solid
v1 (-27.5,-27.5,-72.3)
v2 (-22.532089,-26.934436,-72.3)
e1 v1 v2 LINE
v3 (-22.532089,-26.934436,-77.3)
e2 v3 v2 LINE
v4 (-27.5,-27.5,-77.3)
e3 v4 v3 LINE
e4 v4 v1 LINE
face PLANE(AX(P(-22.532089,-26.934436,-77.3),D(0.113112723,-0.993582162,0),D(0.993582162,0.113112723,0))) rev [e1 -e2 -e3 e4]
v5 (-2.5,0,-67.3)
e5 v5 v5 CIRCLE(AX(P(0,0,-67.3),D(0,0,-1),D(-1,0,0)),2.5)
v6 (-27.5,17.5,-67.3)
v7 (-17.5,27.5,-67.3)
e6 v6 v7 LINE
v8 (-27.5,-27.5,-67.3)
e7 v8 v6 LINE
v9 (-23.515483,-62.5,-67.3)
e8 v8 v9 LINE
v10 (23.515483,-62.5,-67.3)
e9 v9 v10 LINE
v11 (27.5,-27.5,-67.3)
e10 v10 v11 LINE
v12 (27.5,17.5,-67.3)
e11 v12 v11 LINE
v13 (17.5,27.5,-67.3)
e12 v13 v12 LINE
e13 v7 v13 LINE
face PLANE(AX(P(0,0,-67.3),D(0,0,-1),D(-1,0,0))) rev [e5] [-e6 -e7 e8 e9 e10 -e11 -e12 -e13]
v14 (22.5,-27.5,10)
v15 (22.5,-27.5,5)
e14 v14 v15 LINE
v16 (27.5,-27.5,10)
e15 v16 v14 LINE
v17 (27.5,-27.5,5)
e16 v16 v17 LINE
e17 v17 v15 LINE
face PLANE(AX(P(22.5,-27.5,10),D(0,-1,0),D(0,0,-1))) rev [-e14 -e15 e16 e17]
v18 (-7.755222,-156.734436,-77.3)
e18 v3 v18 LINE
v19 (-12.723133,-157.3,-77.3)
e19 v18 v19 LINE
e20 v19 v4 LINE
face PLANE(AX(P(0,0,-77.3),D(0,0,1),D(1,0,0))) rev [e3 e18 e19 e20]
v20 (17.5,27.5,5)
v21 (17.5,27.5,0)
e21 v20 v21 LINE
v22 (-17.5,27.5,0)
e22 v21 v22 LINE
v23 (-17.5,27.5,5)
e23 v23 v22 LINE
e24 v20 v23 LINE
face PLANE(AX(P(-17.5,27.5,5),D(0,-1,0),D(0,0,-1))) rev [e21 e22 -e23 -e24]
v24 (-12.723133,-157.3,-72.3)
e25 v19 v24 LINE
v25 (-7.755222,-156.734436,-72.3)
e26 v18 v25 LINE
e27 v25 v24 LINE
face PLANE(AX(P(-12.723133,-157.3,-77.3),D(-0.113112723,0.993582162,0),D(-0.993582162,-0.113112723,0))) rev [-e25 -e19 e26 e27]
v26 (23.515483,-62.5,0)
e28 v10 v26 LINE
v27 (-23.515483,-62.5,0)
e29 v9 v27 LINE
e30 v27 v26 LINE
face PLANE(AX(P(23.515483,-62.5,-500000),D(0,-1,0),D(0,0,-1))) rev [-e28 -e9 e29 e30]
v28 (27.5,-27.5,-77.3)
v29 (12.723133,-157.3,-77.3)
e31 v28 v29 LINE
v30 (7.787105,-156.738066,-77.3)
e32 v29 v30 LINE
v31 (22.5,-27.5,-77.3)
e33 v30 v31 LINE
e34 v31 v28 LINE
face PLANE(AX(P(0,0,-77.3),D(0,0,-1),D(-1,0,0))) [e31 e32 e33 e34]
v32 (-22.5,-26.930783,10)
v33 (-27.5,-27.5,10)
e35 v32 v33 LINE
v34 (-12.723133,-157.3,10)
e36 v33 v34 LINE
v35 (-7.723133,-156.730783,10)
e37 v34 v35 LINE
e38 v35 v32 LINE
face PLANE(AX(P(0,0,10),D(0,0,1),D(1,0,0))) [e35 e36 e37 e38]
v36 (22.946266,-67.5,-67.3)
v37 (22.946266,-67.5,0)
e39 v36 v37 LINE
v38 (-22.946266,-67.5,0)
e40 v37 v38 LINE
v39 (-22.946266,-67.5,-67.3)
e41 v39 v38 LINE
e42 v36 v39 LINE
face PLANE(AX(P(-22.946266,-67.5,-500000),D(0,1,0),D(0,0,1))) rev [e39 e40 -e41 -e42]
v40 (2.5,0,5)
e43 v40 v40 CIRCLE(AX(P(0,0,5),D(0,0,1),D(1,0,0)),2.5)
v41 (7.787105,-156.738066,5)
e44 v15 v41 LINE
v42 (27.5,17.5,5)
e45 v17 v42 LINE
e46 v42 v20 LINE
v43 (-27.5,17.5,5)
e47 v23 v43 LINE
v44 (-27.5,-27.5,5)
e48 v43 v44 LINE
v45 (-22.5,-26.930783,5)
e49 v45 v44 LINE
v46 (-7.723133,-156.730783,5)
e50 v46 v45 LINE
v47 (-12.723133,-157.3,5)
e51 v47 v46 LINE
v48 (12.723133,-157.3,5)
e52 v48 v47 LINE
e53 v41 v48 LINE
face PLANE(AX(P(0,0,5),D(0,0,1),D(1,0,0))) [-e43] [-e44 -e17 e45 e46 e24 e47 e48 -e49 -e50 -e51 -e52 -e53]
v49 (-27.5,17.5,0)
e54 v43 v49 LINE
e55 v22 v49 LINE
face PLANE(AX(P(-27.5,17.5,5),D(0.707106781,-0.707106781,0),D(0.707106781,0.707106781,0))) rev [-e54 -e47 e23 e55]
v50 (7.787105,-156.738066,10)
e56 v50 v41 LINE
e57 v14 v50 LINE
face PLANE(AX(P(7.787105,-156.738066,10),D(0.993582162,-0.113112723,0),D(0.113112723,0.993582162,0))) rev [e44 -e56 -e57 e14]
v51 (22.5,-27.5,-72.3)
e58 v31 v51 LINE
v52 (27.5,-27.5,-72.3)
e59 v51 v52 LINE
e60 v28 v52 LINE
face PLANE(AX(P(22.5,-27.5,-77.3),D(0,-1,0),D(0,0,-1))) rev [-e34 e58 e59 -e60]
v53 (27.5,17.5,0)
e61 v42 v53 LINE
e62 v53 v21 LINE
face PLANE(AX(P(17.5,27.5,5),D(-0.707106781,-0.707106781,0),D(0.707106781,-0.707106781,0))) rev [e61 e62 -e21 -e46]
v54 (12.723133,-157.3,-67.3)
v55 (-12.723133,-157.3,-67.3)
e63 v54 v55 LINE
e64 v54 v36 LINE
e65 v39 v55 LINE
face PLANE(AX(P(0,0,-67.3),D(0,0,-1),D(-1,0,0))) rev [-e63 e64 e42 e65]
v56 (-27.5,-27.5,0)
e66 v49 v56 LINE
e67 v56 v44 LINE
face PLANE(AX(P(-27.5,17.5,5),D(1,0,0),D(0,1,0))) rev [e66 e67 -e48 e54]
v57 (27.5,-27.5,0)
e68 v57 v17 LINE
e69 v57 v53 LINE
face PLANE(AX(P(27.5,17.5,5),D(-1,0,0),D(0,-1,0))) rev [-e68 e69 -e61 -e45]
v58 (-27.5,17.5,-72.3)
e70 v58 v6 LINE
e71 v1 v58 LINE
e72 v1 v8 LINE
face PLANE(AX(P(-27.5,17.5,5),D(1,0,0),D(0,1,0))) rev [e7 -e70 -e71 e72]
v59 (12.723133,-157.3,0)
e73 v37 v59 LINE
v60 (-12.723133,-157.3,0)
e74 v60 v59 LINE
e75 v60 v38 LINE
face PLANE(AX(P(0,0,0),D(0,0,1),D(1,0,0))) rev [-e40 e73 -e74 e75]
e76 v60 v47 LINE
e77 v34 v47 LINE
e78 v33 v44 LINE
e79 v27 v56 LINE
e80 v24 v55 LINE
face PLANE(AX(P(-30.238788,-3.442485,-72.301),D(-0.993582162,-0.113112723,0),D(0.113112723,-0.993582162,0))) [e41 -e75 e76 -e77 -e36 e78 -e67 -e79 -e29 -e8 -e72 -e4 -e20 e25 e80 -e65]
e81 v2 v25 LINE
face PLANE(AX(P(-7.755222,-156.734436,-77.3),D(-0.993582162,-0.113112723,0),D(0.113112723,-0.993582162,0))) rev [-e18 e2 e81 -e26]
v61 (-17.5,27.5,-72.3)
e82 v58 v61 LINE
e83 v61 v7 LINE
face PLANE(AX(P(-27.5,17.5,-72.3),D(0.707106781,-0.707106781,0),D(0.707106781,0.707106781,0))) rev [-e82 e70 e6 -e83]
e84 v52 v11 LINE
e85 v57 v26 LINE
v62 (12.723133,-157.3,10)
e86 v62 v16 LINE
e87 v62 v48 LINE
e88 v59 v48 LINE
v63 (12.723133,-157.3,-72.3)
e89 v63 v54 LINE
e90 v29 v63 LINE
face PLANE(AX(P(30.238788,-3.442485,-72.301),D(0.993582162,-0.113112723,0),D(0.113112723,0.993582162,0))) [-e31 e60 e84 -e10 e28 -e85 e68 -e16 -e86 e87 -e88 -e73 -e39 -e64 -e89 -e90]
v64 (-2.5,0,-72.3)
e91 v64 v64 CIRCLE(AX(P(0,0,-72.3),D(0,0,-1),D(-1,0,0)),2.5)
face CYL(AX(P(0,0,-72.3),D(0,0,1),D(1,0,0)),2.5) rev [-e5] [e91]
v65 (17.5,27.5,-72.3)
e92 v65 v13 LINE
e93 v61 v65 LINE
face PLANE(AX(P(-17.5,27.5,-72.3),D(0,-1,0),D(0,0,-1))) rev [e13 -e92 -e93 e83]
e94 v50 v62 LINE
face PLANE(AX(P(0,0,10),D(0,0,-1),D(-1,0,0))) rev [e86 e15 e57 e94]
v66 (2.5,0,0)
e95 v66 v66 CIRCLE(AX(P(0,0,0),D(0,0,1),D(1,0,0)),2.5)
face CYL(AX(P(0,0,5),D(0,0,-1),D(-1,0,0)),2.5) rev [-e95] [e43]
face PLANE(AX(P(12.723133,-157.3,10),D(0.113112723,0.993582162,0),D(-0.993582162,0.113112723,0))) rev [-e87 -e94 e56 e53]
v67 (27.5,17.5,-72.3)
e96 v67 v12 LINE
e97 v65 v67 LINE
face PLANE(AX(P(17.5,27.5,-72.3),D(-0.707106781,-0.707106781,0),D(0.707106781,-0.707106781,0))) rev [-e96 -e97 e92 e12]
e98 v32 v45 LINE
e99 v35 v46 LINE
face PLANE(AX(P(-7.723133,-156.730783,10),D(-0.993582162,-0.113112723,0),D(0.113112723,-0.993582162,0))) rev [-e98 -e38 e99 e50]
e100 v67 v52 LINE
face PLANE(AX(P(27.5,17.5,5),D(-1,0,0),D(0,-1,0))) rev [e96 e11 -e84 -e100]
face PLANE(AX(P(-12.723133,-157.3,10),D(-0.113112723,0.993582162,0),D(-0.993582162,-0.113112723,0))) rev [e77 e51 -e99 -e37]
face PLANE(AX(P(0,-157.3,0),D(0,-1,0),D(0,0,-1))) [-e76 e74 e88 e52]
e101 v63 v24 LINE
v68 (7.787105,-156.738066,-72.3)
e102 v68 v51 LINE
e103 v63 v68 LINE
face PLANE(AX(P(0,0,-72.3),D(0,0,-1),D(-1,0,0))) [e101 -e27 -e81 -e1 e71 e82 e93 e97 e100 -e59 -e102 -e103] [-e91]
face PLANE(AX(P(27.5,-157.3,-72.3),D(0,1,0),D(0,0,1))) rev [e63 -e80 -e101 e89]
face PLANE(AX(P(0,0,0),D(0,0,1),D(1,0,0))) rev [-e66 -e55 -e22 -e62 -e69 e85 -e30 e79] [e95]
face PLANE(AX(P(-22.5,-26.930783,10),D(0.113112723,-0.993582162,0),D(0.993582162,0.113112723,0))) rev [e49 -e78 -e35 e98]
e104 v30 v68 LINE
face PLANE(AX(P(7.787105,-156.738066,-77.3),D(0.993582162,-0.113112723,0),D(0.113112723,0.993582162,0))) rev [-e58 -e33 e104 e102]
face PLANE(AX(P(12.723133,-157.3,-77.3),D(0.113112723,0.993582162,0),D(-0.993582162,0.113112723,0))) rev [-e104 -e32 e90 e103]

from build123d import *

# Parameters (mm, degrees)
SKETCH1_R           = 2.5
BOSS_EXTRUDE1_DEPTH = 5
SKETCH3_W           = 55
SKETCH3_H           = 5
BOSS_EXTRUDE2_DEPTH = 129.8
SKETCH4_W           = 55
SKETCH4_H           = 5
BOSS_EXTRUDE3_DEPTH = 67.3
SKETCH5_R           = 2.5
BOSS_EXTRUDE4_DEPTH = 5
CUT_EXTRUDE2_REACH  = 79.3
SKETCH7_W           = 0.569216758
SKETCH7_H           = 67.3
CUT_EXTRUDE3_DEPTH  = 5
CUT_EXTRUDE4_REACH  = 166.8
SKETCH8_W           = 30
SKETCH8_H           = 67.3
BOSS_EXTRUDE5_REACH = 74.3
BOSS_EXTRUDE6_DEPTH = 5
BOSS_EXTRUDE7_DEPTH = 5


with BuildPart() as part:
    # Sketch1 → Boss-Extrude1 (new body)
    with BuildSketch(Plane.XY):
        Polygon((-27.5, 17.5), (-17.5, 27.5), (17.5, 27.5), (27.5, 17.5), (27.5, -27.5), (-27.5, -27.5), align=None)
        Circle(SKETCH1_R, mode=Mode.SUBTRACT)
    extrude(amount=BOSS_EXTRUDE1_DEPTH)

    # Sketch3 → Boss-Extrude2 (add)
    with BuildSketch(Plane.XZ.offset(27.5)):
        with Locations((0, 2.5)):
            Rectangle(SKETCH3_W, SKETCH3_H)
    extrude(amount=BOSS_EXTRUDE2_DEPTH)

    # Sketch4 → Boss-Extrude3 (add)
    with BuildSketch(Plane(origin=(0, 0, 0), x_dir=(-1, 0, 0), z_dir=(0, 0, -1))):
        with Locations((0, -134.8)):
            Rectangle(SKETCH4_W, SKETCH4_H)
    extrude(amount=BOSS_EXTRUDE3_DEPTH)

    # Sketch5 → Boss-Extrude4 (add)
    with BuildSketch(Plane(origin=(0, 0, -67.3), x_dir=(-1, 0, 0), z_dir=(0, 0, -1))):
        Polygon((-27.5, -157.3), (27.5, -157.3), (27.5, 17.5), (17.5, 27.5), (-17.5, 27.5), (-27.5, 17.5), align=None)
        Circle(SKETCH5_R, mode=Mode.SUBTRACT)
    extrude(amount=BOSS_EXTRUDE4_DEPTH)

    # Sketch6 → Cut-Extrude2 (cut, up to next)
    with BuildSketch(Plane.XY.offset(5), mode=Mode.PRIVATE) as cut_extrude2_sk1:
        Polygon((-12.723132969, -157.3), (-27.5, -27.5), (-27.5, -157.3), align=None)
    cut_extrude2_tool1 = extrude(cut_extrude2_sk1.sketch, amount=-CUT_EXTRUDE2_REACH, mode=Mode.PRIVATE) & part.part
    add(cut_extrude2_tool1.solids().sort_by_distance((-22.574378, -114.033333, 5))[0], mode=Mode.SUBTRACT)
    # Sketch6 → Cut-Extrude2 (cut, up to next)
    with BuildSketch(Plane.XY.offset(5), mode=Mode.PRIVATE) as cut_extrude2_sk2:
        Polygon((27.5, -27.5), (12.723132969, -157.3), (27.5, -157.3), align=None)
    cut_extrude2_tool2 = extrude(cut_extrude2_sk2.sketch, amount=-CUT_EXTRUDE2_REACH, mode=Mode.PRIVATE) & part.part
    add(cut_extrude2_tool2.solids().sort_by_distance((22.574378, -114.033333, 5))[0], mode=Mode.SUBTRACT)

    # Sketch7 → Cut-Extrude3 (cut)
    with BuildSketch(Plane.XZ.offset(137.3)):
        with Locations((-15.284608379, -33.65)):
            Rectangle(SKETCH7_W, SKETCH7_H)
        with Locations((15.284608379, -33.65)):
            Rectangle(SKETCH7_W, SKETCH7_H)
    extrude(amount=-CUT_EXTRUDE3_DEPTH, mode=Mode.SUBTRACT)

    # Sketch8 → Cut-Extrude4 (cut, up to next)
    with BuildSketch(Plane.XZ.offset(137.3), mode=Mode.PRIVATE) as cut_extrude4_sk1:
        with Locations((0, -33.65)):
            Rectangle(SKETCH8_W, SKETCH8_H)
    cut_extrude4_tool1 = extrude(cut_extrude4_sk1.sketch, amount=-CUT_EXTRUDE4_REACH, mode=Mode.PRIVATE) & part.part
    add(cut_extrude4_tool1.solids().sort_by_distance((0, -137.3, -33.65))[0], mode=Mode.SUBTRACT)

    # Sketch9 → Boss-Extrude5 (add, up to next)
    with BuildSketch(Plane(origin=(0, 0, 0), x_dir=(-1, 0, 0), z_dir=(0, 0, -1)), mode=Mode.PRIVATE) as boss_extrude5_sk1:
        Polygon((-23.515482696, -62.5), (23.515482696, -62.5), (22.946265938, -67.5), (-22.946265938, -67.5), align=None)
    boss_extrude5_tool1 = extrude(boss_extrude5_sk1.sketch, amount=BOSS_EXTRUDE5_REACH, mode=Mode.PRIVATE) - part.part
    add(boss_extrude5_tool1.solids().sort_by_distance((0, -64.989791, 0))[0])

    # Sketch10 → Boss-Extrude6 (add)
    with BuildSketch(Plane.XY.offset(5)):
        Polygon((27.5, -27.5), (12.723132969, -157.3), (7.78710541, -156.738066079), (22.5, -27.5), align=None)
        Polygon((-27.5, -27.5), (-12.723132969, -157.3), (-7.723132969, -156.730783242), (-22.5, -26.930783242), align=None)
    extrude(amount=BOSS_EXTRUDE6_DEPTH)

    # Sketch11 → Boss-Extrude7 (add)
    with BuildSketch(Plane(origin=(0, 0, -72.3), x_dir=(-1, 0, 0), z_dir=(0, 0, -1))):
        Polygon((-27.5, -27.5), (-12.723132969, -157.3), (-7.78710541, -156.738066079), (-22.5, -27.5), align=None)
        Polygon((27.5, -27.5), (12.723132969, -157.3), (7.755222161, -156.734436383), (22.532089192, -26.934436383), align=None)
    extrude(amount=BOSS_EXTRUDE7_DEPTH)


solid = part.part
